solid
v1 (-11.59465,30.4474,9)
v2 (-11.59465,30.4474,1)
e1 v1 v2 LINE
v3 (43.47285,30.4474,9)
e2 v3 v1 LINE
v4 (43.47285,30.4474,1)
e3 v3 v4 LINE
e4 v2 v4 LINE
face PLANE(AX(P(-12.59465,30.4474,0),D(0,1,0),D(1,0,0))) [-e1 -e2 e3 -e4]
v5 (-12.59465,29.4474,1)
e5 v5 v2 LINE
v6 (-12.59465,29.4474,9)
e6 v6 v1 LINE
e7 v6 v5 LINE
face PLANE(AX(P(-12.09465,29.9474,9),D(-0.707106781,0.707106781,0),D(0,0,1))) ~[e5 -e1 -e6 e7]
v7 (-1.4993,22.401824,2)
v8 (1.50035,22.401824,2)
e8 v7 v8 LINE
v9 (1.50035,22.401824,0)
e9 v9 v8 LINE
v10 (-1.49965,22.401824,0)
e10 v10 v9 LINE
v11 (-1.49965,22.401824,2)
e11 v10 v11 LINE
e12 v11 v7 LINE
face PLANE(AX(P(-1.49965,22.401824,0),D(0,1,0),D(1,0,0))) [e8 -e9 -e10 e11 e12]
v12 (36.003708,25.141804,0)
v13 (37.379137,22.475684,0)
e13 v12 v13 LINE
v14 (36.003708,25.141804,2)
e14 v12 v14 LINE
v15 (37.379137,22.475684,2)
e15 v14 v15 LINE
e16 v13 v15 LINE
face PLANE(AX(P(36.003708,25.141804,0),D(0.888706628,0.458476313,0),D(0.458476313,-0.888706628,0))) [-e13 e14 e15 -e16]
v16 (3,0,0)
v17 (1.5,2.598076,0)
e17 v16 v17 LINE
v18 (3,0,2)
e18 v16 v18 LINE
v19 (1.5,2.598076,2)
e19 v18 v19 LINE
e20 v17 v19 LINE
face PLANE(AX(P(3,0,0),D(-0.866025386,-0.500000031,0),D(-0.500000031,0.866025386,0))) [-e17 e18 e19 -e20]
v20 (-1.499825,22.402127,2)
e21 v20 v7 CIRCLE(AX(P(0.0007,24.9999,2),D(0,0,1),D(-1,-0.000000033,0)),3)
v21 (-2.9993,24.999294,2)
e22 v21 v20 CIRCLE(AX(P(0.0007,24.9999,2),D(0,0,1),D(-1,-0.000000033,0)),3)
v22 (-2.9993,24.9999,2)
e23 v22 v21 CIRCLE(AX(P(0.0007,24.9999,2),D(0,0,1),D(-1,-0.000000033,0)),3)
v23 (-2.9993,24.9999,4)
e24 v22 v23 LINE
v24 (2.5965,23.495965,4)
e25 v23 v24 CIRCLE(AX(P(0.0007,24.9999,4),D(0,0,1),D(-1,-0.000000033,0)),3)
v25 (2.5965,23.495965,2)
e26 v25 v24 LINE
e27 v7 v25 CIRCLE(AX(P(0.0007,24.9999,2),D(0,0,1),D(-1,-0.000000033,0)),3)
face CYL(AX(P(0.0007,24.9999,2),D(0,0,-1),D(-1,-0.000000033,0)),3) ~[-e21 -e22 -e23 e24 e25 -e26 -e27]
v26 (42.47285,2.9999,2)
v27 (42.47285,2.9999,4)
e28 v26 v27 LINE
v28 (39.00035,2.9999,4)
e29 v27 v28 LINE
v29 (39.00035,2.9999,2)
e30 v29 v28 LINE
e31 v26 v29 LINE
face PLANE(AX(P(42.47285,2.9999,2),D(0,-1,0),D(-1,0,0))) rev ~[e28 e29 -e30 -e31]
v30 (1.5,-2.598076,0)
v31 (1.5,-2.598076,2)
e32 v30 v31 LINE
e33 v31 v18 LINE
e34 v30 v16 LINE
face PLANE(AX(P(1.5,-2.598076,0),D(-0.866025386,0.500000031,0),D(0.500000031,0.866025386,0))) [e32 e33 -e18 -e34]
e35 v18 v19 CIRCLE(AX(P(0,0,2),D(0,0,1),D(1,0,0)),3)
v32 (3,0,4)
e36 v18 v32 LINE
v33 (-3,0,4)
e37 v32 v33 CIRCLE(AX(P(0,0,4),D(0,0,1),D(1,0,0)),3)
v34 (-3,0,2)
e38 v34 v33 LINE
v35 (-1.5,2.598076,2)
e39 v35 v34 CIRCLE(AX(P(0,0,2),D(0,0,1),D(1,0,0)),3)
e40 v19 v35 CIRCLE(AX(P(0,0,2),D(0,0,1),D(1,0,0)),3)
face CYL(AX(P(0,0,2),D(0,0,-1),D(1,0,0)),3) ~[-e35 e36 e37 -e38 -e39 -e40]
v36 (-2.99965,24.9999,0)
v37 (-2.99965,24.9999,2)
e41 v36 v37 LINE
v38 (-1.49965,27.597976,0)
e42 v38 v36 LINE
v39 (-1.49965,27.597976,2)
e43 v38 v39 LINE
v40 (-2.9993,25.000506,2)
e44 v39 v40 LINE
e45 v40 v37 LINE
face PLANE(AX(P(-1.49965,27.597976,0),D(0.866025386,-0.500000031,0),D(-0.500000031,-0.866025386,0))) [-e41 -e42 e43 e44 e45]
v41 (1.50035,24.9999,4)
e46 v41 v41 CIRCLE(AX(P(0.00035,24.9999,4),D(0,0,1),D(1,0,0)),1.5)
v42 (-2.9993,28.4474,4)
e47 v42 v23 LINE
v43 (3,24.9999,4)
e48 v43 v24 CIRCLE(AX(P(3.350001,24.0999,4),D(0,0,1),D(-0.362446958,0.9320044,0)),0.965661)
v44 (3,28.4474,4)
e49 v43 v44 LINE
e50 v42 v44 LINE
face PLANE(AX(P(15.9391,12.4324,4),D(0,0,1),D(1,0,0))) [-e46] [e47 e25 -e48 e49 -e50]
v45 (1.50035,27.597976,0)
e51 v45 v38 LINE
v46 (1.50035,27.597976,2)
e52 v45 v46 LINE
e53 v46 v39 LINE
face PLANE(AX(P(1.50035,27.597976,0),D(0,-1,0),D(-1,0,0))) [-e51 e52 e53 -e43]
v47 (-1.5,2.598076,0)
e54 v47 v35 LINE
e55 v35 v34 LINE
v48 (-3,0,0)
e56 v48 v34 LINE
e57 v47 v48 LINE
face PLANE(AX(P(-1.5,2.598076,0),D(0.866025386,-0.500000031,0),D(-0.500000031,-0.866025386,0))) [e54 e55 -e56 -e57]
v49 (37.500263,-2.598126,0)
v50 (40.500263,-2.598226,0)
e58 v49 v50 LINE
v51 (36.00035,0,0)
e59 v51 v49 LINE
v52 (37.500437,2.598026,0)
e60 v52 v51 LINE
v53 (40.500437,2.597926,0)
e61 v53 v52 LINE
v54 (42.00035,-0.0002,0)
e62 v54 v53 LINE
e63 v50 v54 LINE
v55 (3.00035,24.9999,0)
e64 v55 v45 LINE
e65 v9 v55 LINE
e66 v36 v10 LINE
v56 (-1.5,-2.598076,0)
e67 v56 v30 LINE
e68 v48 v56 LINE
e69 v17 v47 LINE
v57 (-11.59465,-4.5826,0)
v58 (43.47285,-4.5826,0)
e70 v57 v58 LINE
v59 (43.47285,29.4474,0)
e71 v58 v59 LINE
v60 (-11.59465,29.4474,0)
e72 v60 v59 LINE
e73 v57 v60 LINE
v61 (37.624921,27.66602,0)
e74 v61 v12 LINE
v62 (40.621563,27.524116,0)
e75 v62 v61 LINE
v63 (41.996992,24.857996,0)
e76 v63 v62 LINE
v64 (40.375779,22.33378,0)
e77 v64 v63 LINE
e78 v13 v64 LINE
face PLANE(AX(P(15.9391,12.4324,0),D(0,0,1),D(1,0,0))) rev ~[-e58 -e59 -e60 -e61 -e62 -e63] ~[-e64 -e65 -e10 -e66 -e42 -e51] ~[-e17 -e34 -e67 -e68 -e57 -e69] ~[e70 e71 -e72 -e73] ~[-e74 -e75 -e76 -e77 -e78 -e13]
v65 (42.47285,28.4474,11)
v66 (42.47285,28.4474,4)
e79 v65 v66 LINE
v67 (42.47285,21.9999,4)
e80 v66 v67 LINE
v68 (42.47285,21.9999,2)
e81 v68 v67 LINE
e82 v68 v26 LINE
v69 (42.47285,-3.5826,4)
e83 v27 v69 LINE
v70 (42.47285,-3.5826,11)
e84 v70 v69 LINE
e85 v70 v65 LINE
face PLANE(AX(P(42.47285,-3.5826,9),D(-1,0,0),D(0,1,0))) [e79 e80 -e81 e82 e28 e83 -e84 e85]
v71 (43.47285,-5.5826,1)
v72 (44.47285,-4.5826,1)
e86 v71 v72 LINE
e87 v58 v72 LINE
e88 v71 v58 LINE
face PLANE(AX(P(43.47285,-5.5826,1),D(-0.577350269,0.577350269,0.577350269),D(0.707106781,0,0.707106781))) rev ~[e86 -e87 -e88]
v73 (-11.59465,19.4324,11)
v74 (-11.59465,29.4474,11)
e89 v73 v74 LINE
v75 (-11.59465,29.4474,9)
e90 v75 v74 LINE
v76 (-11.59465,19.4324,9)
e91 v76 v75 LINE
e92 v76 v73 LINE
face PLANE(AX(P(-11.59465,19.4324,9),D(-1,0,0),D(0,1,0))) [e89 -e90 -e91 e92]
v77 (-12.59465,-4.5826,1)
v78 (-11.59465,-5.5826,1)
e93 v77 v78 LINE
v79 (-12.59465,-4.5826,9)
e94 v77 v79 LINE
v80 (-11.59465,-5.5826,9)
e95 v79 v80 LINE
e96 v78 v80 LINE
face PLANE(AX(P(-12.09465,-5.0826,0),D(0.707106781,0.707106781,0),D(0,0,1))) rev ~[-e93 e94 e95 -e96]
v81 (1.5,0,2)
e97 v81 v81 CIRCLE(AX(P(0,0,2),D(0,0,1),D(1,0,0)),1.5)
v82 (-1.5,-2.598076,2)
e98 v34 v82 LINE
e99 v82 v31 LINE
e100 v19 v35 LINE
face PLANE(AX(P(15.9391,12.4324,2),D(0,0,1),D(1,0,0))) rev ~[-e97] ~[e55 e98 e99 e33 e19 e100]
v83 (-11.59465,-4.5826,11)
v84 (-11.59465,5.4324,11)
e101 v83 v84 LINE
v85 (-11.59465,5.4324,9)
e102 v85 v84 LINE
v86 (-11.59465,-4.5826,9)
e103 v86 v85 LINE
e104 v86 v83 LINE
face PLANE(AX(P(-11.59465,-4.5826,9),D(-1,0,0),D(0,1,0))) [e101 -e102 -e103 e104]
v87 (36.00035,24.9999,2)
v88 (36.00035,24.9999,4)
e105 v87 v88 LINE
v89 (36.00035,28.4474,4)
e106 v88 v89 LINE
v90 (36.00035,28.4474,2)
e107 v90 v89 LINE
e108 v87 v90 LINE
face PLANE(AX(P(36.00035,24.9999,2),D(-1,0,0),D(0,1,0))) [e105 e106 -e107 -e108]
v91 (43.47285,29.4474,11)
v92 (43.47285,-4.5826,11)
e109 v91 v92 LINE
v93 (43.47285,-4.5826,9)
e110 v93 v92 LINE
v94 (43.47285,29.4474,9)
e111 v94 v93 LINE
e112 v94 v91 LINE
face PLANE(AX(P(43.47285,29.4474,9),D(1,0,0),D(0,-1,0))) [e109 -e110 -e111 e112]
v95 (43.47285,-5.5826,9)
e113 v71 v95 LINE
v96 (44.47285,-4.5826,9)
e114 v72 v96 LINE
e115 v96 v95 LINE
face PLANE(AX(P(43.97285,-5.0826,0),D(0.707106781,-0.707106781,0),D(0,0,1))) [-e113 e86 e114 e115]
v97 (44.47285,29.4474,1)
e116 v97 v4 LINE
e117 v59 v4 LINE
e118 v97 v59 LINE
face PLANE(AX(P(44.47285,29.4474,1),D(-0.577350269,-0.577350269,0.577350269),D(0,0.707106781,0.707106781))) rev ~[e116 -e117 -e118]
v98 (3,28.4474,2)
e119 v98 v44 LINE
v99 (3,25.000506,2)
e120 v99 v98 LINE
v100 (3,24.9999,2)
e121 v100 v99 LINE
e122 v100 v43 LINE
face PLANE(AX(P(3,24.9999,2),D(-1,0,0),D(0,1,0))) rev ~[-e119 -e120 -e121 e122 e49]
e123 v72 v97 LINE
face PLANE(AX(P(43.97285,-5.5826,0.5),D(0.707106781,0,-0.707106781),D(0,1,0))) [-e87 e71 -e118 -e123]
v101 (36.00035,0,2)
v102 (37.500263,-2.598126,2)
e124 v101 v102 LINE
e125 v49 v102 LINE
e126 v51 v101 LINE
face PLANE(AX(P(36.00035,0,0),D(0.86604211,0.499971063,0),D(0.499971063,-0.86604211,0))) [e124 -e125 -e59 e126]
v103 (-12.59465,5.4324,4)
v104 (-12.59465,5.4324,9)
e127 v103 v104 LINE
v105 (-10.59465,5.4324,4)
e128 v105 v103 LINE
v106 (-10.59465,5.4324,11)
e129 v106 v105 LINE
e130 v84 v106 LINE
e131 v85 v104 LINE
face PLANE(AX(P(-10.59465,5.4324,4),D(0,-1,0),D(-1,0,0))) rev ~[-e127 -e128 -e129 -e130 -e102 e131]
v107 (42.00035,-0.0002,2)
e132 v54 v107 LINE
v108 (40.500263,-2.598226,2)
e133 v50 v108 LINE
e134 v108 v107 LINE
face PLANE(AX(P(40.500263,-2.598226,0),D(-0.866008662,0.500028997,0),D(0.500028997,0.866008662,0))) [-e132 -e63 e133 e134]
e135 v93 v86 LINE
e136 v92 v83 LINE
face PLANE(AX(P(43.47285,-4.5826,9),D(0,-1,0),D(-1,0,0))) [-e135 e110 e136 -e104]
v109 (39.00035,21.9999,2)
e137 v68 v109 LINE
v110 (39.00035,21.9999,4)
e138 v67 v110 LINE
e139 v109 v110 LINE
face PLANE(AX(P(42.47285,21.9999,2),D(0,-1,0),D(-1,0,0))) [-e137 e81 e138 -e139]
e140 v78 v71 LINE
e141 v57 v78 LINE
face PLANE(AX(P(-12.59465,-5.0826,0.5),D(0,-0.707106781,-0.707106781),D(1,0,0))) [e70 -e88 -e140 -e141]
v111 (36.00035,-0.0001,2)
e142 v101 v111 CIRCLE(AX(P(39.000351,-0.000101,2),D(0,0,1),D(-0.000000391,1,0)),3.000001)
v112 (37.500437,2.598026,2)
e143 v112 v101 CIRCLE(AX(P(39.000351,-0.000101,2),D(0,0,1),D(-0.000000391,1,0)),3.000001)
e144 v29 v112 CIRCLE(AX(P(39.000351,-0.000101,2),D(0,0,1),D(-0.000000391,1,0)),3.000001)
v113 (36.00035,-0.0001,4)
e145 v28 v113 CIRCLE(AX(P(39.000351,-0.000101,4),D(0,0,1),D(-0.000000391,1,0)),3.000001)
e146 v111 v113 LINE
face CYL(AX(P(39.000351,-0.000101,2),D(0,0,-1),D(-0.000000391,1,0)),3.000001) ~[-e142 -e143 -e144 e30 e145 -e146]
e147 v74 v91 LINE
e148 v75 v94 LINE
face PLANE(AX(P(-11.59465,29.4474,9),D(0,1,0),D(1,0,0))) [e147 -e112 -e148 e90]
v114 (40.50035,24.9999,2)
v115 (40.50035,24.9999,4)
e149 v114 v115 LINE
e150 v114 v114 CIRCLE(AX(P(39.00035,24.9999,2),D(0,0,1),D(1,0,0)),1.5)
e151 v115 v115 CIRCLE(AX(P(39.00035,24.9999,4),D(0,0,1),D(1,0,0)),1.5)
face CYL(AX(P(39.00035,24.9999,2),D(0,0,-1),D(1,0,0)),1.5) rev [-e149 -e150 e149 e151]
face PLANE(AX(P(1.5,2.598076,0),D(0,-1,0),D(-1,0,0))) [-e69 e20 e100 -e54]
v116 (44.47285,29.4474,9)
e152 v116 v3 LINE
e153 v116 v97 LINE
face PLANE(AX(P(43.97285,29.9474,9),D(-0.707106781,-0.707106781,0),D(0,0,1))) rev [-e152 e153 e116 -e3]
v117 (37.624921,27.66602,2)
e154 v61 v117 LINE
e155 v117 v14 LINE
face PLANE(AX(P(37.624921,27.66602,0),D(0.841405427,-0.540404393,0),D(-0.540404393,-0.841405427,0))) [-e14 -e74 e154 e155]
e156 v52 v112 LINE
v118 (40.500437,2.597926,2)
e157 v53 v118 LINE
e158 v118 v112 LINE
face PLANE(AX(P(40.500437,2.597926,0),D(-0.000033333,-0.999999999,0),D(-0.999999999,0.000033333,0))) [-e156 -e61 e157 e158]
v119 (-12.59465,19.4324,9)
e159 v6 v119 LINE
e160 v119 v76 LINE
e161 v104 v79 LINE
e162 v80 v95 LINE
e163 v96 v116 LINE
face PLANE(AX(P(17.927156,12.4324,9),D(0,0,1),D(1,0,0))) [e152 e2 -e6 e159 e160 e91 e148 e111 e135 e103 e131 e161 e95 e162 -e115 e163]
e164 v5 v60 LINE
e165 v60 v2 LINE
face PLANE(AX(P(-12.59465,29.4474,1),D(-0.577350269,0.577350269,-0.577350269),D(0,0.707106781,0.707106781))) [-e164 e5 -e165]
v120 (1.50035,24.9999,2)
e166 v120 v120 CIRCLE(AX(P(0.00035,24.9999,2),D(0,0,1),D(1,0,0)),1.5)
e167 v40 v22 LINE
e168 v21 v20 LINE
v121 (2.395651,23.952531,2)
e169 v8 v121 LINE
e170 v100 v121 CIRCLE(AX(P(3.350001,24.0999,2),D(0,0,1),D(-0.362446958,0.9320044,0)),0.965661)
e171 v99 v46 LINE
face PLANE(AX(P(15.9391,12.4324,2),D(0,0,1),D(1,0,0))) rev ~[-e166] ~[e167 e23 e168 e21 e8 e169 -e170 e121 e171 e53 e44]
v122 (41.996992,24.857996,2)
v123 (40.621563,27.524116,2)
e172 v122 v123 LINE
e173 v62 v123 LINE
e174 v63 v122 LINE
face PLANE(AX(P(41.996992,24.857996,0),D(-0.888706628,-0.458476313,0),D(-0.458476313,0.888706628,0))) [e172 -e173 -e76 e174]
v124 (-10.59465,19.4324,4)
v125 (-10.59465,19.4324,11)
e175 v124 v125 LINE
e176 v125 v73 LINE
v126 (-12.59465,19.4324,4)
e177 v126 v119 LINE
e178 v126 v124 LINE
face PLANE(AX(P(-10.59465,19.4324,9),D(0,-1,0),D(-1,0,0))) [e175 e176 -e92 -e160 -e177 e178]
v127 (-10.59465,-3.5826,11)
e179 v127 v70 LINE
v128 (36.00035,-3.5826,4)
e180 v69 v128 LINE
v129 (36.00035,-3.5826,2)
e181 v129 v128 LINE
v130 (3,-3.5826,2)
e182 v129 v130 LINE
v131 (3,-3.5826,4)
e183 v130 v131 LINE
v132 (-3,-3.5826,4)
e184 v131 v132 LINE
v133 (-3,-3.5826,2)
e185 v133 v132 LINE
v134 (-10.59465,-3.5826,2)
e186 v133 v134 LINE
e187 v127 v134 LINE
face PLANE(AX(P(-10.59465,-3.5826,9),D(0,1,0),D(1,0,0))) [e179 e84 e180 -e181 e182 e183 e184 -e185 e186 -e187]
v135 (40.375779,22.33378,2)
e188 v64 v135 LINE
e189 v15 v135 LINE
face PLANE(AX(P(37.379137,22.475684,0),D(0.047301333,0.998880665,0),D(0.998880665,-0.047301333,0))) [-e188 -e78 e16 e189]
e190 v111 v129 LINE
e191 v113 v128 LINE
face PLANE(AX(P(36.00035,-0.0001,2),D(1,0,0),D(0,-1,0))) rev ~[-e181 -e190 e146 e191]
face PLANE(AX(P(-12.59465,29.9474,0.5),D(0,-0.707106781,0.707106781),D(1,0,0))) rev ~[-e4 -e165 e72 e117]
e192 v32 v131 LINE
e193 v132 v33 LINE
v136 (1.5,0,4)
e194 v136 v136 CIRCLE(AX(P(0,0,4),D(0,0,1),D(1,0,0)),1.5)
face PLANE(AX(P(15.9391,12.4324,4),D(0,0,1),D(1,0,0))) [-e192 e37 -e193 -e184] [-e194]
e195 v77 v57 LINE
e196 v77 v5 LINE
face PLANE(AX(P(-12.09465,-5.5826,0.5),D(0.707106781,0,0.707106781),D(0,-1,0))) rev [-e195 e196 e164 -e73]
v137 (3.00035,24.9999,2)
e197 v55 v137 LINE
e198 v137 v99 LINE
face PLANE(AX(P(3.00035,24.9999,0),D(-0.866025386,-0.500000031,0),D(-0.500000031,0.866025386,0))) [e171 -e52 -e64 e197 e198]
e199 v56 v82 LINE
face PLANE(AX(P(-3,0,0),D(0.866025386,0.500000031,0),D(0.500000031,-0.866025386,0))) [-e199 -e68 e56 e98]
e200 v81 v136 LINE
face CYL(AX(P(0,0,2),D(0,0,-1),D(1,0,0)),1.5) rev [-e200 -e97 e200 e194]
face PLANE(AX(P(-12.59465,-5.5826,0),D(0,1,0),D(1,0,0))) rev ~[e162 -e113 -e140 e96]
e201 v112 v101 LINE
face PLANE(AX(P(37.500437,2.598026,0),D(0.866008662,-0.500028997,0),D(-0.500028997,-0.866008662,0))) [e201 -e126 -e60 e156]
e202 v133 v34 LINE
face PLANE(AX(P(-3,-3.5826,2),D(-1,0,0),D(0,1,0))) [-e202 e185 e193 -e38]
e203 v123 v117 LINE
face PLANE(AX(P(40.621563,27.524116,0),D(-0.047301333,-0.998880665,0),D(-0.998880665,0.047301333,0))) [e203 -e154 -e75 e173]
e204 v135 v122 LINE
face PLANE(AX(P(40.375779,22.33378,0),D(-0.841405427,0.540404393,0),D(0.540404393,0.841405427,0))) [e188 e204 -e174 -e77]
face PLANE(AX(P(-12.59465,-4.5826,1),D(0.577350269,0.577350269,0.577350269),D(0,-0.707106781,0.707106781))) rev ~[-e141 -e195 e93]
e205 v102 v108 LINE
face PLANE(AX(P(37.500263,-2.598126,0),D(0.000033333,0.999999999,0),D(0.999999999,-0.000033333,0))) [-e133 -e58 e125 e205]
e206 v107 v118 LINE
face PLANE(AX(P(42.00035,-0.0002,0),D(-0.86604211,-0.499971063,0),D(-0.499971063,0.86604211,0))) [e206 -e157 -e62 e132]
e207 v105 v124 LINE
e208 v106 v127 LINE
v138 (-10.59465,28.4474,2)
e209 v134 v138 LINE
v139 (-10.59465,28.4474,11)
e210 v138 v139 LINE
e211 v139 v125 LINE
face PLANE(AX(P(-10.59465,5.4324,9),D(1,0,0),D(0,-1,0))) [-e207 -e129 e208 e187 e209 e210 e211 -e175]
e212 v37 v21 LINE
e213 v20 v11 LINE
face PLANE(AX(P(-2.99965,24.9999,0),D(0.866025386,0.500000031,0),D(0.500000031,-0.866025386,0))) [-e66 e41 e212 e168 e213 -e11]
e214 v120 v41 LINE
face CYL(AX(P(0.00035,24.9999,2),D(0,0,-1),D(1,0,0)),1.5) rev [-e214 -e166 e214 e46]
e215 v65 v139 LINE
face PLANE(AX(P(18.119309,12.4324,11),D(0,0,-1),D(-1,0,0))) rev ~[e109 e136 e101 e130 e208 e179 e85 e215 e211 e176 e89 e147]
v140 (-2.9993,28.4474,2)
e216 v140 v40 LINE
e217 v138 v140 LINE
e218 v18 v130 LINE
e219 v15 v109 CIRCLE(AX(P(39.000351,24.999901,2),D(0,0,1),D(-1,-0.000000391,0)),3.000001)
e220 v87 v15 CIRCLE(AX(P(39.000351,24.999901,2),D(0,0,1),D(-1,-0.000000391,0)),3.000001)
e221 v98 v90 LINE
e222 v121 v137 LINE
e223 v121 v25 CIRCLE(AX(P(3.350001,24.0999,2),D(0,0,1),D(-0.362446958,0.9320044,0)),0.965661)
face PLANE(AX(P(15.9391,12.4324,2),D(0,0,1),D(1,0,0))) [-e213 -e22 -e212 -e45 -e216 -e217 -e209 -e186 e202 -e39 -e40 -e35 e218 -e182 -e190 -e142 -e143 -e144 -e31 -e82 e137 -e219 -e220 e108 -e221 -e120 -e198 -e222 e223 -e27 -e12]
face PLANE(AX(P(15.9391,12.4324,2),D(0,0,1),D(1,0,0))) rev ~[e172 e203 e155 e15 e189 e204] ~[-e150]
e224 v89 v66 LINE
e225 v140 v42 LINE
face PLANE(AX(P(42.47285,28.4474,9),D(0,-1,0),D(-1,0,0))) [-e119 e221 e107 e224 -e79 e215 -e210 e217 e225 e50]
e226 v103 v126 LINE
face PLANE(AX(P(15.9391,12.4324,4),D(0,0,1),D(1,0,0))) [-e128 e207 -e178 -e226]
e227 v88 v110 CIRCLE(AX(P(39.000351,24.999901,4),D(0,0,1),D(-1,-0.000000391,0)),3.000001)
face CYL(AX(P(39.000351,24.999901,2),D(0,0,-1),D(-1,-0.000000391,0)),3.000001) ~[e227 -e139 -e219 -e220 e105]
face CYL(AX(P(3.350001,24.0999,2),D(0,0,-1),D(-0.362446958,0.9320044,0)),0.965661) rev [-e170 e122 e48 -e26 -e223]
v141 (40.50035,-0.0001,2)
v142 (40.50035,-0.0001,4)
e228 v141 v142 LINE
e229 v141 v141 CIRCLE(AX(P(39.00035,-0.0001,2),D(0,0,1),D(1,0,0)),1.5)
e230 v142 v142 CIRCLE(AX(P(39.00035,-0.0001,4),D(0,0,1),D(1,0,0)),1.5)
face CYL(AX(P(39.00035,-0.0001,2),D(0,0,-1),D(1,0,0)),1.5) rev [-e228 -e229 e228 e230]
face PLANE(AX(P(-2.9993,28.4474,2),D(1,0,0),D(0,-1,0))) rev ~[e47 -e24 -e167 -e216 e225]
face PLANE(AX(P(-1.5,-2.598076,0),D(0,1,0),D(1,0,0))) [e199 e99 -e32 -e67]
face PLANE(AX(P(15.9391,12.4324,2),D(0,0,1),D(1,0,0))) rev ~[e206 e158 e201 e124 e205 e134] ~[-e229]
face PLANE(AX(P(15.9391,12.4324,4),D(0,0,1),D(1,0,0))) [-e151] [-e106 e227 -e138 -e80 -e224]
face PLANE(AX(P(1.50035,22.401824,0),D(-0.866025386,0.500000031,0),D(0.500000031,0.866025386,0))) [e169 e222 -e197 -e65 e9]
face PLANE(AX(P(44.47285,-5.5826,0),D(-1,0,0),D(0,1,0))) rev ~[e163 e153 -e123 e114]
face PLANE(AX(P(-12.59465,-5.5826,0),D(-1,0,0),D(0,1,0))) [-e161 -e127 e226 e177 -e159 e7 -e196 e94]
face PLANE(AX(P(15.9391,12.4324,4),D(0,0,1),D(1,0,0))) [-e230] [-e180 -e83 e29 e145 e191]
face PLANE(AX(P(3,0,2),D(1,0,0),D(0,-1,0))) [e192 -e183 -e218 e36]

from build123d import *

# Parameters (mm, degrees)
EXTRUDE003_DEPTH = 2
SKETCH001_W      = 57.0675
SKETCH001_H      = 36.03
SKETCH001_R      = 1.5
EXTRUDE001_DEPTH = 2
SKETCH006_W      = 57.0675
SKETCH006_H      = 36.03
EXTRUDE006_DEPTH = 2
EXTRUDE002_DEPTH = 5
CHAMFER001_SIZE  = 1


with BuildPart() as encaixe_interno:
    # Sketch003 → Extrude003 (new body)
    with BuildSketch(Plane.XY.offset(9)):
        Polygon((-11.59465, 29.4474), (43.47285, 29.4474), (43.47285, -4.5826), (-11.59465, -4.5826), (-11.59465, 5.4324), (-10.59465, 5.4324), (-10.59465, -3.5826), (42.47285, -3.5826), (42.47285, 28.4474), (-10.59465, 28.4474), (-10.59465, 19.4324), (-11.59465, 19.4324), align=None)
    extrude(amount=EXTRUDE003_DEPTH)


with BuildPart() as borda_base:
    # Sketch001 → Extrude001 (new body)
    with BuildSketch(Plane.XY.offset(2)):
        with Locations((15.9391, 12.4324)):
            Rectangle(SKETCH001_W, SKETCH001_H)
        with Locations((0.00035, 24.9999)):
            Circle(SKETCH001_R, mode=Mode.SUBTRACT)
        with Locations((39.00035, 24.9999)):
            Circle(SKETCH001_R, mode=Mode.SUBTRACT)
        with Locations((39.00035, -0.0001)):
            Circle(SKETCH001_R, mode=Mode.SUBTRACT)
        Circle(SKETCH001_R, mode=Mode.SUBTRACT)
        with BuildLine():
            Line((-10.59465, 28.4474), (-2.9993, 28.4474))
            Line((-2.9993, 28.4474), (-2.9993, 24.9999))
            ThreePointArc((-2.9993, 24.9999), (-0.777953, 22.102712), (2.5965, 23.495965))
            ThreePointArc((3, 24.9999), (2.417325, 24.350133), (2.5965, 23.495965))
            Line((3, 24.9999), (3, 28.4474))
            Line((3, 28.4474), (36.00035, 28.4474))
            Line((36.00035, 24.9999), (36.00035, 28.4474))
            ThreePointArc((36.00035, 24.9999), (36.87903, 22.87858), (39.00035, 21.9999))
            Line((42.47285, 21.9999), (39.00035, 21.9999))
            Line((42.47285, 21.9999), (42.47285, 2.9999))
            Line((42.47285, 2.9999), (39.00035, 2.9999))
            ThreePointArc((39.00035, 2.9999), (36.87903, 2.12122), (36.00035, -0.0001))
            Line((36.00035, -0.0001), (36.00035, -3.5826))
            Line((36.00035, -3.5826), (3, -3.5826))
            Line((3, 0), (3, -3.5826))
            ThreePointArc((3, 0), (0, 3), (-3, 0))
            Line((-3, -3.5826), (-3, 0))
            Line((-3, -3.5826), (-10.59465, -3.5826))
            Line((-10.59465, -3.5826), (-10.59465, 28.4474))
        make_face(mode=Mode.SUBTRACT)
    extrude(amount=EXTRUDE001_DEPTH)


with BuildPart() as base:
    # Sketch006 → Extrude006 (new body)
    with BuildSketch(Plane.XY):
        with Locations((15.9391, 12.4324)):
            Rectangle(SKETCH006_W, SKETCH006_H)
        Polygon((41.996992, 24.857996), (40.621563, 27.524116), (37.624921, 27.66602), (36.003708, 25.141804), (37.379137, 22.475684), (40.375779, 22.33378), align=None, mode=Mode.SUBTRACT)
        Polygon((3.00035, 24.9999), (1.50035, 27.597976), (-1.49965, 27.597976), (-2.99965, 24.9999), (-1.49965, 22.401824), (1.50035, 22.401824), align=None, mode=Mode.SUBTRACT)
        Polygon((3, 0), (1.5, 2.598076), (-1.5, 2.598076), (-3, 0), (-1.5, -2.598076), (1.5, -2.598076), align=None, mode=Mode.SUBTRACT)
        Polygon((36.00035, 0), (37.500263, -2.598126), (40.500263, -2.598226), (42.00035, -0.0002), (40.500437, 2.597926), (37.500437, 2.598026), align=None, mode=Mode.SUBTRACT)
    extrude(amount=EXTRUDE006_DEPTH)


with BuildPart() as fusion002:
    # Sketch002 → Extrude002 (new body)
    with BuildSketch(Plane.XY.offset(4)):
        Polygon((-10.59465, 28.4474), (42.47285, 28.4474), (42.47285, -3.5826), (-10.59465, -3.5826), (-10.59465, 5.4324), (-12.59465, 5.4324), (-12.59465, -5.5826), (44.47285, -5.5826), (44.47285, 30.4474), (-12.59465, 30.4474), (-12.59465, 19.4324), (-10.59465, 19.4324), align=None)
    extrude(amount=EXTRUDE002_DEPTH)

    # Fusion: union Borda Base, BASE
    add(borda_base.part)
    add(base.part)

    # Chamfer001
    chamfer001_edges = [fusion002.edges().sort_by_distance(p)[0] for p in [
        (15.9391, 30.4474, 0),
        (44.47285, 12.4324, 0),
        (15.9391, -5.5826, 0),
        (-12.59465, 12.4324, 0),
        (-12.59465, 30.4474, 4.5),
        (-12.59465, -5.5826, 4.5),
        (44.47285, -5.5826, 4.5),
        (44.47285, 30.4474, 4.5),
    ]]
    chamfer(chamfer001_edges, length=CHAMFER001_SIZE)

    # Fusion002: union Encaixe Interno
    add(encaixe_interno.part)


solid = fusion002.part
